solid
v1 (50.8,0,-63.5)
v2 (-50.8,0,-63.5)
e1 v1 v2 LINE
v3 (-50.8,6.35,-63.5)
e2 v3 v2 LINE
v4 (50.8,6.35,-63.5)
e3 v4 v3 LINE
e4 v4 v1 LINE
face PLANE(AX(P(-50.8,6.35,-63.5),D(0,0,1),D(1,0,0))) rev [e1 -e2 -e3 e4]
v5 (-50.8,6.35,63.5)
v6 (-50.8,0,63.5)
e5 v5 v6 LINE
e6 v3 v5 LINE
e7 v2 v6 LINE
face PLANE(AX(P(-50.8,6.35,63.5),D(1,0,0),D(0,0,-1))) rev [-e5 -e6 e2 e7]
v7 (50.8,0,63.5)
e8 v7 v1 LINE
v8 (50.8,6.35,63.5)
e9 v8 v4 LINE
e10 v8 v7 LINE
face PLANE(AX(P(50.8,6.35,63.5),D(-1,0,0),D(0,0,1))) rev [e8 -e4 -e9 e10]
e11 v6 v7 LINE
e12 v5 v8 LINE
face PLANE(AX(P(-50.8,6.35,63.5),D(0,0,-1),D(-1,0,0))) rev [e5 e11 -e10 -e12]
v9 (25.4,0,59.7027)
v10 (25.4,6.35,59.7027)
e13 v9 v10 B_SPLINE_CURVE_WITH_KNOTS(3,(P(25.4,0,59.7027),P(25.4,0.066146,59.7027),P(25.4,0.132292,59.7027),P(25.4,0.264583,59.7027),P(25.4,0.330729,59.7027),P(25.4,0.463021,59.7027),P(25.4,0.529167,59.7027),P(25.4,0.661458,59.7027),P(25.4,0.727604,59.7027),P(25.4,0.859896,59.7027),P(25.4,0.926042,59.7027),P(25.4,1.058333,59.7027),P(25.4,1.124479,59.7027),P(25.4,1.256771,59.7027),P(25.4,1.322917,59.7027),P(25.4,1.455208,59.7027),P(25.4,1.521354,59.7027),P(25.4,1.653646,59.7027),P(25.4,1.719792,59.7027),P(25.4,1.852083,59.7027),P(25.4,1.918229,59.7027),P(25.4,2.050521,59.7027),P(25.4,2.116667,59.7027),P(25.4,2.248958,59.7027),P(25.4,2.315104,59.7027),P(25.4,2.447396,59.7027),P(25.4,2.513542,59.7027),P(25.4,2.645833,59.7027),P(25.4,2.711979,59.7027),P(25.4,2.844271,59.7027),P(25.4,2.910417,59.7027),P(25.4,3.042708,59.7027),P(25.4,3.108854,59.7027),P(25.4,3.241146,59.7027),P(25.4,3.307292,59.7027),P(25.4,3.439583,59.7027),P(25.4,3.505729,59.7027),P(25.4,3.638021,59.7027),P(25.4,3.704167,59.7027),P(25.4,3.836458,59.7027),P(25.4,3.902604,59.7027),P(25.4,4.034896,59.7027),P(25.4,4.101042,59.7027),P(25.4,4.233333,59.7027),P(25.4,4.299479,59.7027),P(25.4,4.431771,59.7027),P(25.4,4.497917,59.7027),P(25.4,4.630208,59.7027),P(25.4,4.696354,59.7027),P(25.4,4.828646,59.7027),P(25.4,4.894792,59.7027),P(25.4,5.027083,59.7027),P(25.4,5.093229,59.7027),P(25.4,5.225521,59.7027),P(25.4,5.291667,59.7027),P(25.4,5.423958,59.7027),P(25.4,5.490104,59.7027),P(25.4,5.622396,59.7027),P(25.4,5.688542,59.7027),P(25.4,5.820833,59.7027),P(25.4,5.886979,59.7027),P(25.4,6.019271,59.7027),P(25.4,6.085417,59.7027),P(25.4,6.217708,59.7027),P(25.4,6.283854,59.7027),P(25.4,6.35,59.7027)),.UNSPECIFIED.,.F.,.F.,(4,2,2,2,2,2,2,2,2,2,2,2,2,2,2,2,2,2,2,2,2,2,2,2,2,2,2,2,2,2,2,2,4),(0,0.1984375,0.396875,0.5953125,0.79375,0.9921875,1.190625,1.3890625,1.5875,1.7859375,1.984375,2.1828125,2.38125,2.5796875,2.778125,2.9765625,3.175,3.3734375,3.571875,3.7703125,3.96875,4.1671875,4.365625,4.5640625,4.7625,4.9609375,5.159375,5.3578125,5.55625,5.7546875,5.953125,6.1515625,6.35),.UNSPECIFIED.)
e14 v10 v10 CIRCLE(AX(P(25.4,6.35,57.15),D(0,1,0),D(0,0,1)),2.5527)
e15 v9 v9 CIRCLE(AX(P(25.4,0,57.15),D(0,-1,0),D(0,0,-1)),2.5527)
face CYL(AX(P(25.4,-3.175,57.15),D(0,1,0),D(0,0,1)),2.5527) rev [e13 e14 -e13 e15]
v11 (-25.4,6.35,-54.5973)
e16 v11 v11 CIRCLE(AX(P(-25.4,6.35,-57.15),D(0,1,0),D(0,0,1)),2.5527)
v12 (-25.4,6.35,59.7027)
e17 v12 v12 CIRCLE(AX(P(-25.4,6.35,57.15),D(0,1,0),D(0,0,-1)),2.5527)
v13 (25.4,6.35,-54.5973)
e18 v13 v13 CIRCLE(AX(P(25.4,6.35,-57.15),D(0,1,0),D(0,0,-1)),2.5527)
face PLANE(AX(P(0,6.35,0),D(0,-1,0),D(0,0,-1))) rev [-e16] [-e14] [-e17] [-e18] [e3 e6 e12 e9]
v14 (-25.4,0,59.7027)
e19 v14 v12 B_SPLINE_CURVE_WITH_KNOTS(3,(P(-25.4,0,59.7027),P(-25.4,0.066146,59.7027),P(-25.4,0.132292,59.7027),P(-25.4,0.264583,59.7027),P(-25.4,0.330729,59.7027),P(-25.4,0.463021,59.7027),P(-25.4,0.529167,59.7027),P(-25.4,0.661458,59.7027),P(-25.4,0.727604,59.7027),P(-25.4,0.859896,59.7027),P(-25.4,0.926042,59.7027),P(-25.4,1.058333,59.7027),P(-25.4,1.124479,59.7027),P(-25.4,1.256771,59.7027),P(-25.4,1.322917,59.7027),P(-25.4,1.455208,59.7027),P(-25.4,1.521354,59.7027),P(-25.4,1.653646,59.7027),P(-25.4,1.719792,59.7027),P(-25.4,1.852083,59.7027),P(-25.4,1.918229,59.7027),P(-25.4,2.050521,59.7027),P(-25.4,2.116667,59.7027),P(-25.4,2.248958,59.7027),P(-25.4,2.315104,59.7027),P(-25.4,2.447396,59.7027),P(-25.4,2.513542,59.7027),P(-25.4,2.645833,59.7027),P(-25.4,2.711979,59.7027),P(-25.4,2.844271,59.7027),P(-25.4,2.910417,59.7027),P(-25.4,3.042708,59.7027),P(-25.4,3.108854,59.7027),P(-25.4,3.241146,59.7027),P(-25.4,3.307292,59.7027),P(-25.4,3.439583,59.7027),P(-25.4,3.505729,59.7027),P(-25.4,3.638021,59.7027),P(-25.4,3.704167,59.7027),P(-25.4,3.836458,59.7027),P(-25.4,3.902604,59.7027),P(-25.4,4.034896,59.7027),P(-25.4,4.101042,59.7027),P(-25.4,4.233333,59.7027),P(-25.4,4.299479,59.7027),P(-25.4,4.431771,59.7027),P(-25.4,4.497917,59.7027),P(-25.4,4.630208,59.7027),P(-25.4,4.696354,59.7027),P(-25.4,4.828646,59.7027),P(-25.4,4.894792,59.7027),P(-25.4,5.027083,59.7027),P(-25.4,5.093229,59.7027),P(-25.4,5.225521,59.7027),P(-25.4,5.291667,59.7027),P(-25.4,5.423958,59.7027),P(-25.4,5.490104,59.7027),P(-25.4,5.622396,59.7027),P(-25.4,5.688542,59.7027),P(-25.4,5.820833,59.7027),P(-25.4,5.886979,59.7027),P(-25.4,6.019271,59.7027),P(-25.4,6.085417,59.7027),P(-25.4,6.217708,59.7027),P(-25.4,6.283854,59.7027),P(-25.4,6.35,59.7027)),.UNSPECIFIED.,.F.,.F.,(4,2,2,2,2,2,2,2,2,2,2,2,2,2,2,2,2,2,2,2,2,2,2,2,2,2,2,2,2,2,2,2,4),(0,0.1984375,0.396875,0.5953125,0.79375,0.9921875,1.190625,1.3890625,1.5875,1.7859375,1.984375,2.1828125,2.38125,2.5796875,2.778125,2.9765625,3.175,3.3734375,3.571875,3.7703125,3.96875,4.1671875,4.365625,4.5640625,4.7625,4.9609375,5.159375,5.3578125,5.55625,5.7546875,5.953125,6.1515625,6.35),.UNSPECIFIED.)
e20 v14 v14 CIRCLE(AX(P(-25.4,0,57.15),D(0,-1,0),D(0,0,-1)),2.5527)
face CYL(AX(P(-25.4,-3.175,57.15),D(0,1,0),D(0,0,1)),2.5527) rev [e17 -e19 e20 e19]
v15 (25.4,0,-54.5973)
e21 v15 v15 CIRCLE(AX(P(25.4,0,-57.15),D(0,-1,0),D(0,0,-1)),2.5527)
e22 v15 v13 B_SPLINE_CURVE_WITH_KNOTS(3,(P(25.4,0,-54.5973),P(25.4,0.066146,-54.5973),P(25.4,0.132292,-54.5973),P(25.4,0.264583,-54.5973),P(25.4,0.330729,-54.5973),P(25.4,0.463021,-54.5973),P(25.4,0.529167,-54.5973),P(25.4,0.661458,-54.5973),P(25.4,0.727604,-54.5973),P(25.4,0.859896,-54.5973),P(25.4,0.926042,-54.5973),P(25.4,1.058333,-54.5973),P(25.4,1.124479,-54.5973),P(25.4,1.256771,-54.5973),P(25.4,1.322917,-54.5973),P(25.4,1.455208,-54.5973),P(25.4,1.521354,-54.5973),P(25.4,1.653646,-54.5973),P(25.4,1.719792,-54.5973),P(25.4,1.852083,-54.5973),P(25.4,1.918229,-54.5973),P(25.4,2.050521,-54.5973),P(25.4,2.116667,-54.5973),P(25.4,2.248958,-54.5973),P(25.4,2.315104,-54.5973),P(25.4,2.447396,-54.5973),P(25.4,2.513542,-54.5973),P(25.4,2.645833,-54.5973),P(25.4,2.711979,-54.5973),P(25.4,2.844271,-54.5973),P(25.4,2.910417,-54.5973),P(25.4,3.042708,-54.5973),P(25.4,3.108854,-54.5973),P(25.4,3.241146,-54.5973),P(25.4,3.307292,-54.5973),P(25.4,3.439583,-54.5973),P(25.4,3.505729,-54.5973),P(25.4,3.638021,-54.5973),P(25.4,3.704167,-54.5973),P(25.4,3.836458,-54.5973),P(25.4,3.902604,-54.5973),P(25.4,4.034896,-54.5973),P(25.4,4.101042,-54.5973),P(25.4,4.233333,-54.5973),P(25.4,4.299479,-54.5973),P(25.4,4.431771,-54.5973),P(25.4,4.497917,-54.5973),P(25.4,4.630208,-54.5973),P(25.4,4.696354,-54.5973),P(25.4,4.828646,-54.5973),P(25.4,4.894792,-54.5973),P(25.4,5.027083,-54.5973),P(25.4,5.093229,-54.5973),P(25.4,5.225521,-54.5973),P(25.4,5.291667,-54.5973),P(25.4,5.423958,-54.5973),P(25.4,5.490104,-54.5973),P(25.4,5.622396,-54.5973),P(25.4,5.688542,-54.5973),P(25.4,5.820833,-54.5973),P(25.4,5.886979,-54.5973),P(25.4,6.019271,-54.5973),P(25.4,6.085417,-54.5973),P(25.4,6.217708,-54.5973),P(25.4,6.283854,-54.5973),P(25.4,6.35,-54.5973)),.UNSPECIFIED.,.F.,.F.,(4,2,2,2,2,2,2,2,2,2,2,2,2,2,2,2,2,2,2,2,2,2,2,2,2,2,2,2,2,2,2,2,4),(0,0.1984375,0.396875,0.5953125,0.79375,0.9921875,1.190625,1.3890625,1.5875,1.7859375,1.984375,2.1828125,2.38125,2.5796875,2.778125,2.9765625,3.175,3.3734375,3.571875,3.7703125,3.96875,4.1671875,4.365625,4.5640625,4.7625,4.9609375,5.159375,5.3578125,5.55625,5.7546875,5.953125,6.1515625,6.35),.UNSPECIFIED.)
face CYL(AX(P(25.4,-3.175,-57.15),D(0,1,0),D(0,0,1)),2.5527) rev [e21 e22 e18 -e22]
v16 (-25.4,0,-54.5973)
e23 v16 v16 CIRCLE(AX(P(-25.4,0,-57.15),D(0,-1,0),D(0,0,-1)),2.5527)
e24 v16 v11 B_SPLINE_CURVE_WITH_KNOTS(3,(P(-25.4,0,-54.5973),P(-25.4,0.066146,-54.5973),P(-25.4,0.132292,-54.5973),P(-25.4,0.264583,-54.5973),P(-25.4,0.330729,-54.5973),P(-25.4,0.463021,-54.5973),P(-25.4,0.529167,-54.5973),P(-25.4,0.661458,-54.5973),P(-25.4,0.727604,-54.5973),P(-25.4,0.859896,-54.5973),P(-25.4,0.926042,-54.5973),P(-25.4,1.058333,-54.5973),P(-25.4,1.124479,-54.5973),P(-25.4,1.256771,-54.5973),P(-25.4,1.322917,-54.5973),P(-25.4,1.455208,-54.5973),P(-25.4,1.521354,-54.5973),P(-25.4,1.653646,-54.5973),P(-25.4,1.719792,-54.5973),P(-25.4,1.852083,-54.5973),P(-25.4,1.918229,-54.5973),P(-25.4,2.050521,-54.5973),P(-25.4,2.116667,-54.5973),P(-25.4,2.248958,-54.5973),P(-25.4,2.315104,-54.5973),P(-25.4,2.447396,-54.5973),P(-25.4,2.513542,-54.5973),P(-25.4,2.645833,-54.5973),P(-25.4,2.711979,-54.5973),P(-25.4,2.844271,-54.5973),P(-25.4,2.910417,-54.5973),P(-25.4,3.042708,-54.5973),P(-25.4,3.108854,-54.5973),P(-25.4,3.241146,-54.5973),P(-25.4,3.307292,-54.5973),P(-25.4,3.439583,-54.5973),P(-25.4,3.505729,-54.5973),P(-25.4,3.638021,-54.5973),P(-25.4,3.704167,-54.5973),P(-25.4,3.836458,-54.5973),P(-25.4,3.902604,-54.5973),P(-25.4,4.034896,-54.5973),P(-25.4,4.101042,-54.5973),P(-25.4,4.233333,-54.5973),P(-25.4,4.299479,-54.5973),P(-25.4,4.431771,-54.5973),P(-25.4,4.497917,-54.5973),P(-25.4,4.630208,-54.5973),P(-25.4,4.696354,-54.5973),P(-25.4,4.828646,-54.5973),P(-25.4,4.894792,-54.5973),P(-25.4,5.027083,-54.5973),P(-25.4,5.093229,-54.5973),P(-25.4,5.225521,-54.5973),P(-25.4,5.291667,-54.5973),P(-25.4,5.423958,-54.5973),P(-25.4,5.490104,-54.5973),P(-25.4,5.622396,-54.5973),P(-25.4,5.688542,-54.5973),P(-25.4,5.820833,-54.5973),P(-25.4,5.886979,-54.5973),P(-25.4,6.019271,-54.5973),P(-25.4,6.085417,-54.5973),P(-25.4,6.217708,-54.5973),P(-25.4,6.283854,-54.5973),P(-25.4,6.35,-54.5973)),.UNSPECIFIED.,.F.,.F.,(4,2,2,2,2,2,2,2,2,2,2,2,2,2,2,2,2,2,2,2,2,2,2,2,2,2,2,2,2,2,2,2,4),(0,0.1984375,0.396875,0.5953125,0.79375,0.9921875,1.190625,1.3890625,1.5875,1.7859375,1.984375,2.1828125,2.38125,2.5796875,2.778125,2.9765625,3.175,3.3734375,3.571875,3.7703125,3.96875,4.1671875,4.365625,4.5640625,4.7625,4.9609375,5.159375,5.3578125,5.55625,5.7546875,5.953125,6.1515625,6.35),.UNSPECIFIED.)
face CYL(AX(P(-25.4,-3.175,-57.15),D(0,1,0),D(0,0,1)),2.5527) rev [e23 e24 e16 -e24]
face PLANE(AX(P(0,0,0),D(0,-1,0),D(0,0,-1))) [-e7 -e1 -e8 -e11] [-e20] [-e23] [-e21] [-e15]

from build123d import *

# Parameters (mm, degrees)
SKETCH1_W           = 101.6
SKETCH1_H           = 127
BOSS_EXTRUDE1_DEPTH = 6.35
SKETCH3_R           = 2.5527
CUT_EXTRUDE2_DEPTH  = 9.525


with BuildPart() as part:
    # Sketch1 → Boss-Extrude1 (new body)
    with BuildSketch(Plane(origin=(0, 0, 0), x_dir=(1, 0, 0), z_dir=(0, 1, 0))):
        Rectangle(SKETCH1_W, SKETCH1_H)
    extrude(amount=BOSS_EXTRUDE1_DEPTH)

    # Sketch3 → Cut-Extrude2 (cut)
    with BuildSketch(Plane(origin=(0, 6.35, 0), x_dir=(1, 0, 0), z_dir=(0, 1, 0))):
        with Locations(Location((-25.4, 57.15, 0), (0, 0, 270))):
            Circle(SKETCH3_R)
        with Locations(Location((-25.4, -57.15, 0), (0, 0, 270))):
            Circle(SKETCH3_R)
        with Locations(Location((25.4, -57.15, 0), (0, 0, 270))):
            Circle(SKETCH3_R)
        with Locations(Location((25.4, 57.15, 0), (0, 0, 270))):
            Circle(SKETCH3_R)
    extrude(amount=-CUT_EXTRUDE2_DEPTH, mode=Mode.SUBTRACT)


solid = part.part
